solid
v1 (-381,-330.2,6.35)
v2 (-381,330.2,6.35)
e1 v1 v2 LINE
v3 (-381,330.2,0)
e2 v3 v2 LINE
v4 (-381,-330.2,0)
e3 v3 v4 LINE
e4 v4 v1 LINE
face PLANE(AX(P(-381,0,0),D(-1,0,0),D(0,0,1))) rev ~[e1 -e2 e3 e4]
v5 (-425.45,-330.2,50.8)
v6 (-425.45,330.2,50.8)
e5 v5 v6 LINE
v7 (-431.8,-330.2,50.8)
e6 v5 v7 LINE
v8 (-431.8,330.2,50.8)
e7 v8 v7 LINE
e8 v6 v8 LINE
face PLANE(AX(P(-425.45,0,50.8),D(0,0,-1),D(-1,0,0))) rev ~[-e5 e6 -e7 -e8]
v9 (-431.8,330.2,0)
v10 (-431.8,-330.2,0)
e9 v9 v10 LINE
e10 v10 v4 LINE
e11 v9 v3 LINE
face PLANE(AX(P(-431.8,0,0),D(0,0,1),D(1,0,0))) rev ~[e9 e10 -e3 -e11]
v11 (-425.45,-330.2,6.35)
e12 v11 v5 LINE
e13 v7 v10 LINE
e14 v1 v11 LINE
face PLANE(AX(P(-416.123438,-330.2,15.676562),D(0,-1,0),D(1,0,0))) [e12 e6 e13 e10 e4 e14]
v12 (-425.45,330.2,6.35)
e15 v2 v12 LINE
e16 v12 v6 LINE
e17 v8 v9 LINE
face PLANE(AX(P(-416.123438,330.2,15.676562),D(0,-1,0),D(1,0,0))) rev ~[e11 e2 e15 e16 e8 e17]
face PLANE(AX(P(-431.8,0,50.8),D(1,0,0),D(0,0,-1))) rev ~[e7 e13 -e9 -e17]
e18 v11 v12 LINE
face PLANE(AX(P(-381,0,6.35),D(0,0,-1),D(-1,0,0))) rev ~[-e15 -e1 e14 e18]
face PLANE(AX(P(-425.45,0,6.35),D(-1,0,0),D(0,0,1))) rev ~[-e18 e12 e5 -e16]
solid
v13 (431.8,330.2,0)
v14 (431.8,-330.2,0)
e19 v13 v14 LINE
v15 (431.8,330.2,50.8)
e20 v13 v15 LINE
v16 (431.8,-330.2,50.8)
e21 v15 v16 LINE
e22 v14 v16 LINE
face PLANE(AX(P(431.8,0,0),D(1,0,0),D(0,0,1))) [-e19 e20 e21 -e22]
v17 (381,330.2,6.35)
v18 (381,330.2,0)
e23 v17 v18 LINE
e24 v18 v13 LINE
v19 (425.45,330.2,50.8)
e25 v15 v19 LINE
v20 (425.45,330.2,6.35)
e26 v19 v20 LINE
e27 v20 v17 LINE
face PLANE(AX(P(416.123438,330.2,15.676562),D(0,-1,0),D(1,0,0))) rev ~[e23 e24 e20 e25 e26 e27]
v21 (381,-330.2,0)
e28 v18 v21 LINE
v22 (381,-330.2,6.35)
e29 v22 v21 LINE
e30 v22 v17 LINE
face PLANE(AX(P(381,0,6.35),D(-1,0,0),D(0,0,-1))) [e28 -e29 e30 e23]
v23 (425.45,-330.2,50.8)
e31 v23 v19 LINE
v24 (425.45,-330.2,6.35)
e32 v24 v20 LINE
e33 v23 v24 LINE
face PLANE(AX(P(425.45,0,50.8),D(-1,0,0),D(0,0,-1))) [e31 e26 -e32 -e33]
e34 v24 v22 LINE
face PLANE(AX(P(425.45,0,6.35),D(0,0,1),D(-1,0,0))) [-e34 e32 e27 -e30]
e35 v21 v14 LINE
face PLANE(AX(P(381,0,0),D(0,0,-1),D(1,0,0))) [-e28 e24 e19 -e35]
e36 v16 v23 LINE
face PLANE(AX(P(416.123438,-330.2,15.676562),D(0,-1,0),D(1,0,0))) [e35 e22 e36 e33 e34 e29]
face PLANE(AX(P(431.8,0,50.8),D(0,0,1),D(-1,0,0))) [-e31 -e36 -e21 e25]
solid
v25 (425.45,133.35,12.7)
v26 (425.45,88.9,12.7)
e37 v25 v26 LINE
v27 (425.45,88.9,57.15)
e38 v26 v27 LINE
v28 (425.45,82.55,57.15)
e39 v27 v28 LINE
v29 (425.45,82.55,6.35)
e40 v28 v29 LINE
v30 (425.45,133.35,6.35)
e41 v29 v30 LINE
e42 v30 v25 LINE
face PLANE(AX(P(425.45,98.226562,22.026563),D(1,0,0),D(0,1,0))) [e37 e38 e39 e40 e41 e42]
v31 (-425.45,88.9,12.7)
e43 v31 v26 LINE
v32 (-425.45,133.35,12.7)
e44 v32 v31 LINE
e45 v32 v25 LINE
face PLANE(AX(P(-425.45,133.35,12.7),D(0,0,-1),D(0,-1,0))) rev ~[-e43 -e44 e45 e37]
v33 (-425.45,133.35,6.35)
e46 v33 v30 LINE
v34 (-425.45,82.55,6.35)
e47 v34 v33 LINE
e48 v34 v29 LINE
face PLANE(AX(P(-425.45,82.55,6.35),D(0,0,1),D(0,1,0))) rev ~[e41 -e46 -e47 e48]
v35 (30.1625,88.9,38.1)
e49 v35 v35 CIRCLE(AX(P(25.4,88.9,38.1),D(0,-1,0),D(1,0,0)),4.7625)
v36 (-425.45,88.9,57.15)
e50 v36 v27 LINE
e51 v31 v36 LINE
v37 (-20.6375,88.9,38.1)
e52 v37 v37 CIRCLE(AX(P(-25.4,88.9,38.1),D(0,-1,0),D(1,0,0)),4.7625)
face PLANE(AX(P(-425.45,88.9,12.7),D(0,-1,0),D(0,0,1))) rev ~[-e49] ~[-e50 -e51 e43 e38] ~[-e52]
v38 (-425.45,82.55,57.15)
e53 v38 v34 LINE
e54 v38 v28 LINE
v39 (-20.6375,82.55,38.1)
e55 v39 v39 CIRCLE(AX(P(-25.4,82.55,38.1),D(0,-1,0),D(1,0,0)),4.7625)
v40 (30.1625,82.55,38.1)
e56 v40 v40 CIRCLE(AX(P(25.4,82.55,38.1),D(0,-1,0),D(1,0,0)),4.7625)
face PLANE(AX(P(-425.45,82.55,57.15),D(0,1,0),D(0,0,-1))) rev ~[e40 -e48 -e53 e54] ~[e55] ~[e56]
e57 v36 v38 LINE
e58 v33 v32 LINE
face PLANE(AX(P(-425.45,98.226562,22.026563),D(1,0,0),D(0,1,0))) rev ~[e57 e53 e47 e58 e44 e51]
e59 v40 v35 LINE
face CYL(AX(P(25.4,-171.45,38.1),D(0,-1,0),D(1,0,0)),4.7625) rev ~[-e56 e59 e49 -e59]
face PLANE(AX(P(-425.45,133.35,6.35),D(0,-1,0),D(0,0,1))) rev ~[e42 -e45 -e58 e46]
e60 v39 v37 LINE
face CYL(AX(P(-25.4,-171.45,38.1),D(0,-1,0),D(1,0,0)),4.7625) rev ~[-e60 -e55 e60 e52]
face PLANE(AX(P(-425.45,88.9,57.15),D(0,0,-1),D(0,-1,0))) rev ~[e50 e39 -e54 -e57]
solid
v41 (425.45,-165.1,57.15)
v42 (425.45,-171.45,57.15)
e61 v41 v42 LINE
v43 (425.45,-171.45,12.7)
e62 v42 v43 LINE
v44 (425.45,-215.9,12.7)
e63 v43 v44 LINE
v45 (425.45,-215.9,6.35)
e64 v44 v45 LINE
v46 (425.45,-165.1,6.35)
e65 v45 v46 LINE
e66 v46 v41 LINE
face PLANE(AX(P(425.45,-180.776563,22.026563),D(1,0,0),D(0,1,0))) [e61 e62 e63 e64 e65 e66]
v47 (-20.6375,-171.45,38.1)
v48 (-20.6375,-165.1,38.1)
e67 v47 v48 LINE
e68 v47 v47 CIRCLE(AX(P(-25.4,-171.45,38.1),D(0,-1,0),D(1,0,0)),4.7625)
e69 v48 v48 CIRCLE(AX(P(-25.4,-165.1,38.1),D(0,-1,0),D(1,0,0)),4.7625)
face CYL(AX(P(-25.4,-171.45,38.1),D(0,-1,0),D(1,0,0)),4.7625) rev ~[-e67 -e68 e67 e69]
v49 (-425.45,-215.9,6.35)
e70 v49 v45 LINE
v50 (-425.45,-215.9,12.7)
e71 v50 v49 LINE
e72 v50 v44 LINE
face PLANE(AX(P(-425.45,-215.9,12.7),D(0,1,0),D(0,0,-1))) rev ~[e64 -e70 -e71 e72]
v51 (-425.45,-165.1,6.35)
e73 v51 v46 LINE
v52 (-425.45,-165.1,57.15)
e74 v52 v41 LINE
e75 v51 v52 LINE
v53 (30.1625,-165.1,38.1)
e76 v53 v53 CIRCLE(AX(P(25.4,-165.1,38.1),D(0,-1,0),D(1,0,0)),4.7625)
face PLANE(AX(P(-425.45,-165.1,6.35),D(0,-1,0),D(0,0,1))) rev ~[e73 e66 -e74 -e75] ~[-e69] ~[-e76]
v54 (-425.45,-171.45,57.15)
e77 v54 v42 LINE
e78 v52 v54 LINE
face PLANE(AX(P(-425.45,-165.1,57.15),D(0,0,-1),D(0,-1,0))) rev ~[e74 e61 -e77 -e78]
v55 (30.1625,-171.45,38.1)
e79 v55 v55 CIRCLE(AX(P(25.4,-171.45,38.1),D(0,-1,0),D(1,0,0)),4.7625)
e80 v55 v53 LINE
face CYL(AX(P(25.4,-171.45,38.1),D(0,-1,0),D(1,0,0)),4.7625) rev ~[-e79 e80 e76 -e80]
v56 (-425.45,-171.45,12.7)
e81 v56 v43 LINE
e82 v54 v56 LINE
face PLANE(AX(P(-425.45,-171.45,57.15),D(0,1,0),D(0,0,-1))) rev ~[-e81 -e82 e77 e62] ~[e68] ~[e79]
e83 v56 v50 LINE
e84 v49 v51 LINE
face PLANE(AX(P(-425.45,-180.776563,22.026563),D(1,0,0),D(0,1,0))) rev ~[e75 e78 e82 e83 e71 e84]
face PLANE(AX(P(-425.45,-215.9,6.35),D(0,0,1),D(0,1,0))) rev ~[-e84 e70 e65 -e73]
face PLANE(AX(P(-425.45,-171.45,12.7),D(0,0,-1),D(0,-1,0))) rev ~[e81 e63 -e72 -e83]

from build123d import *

# Parameters (mm, degrees)
F1_DEPTH = 330.2
F3_DEPTH = 850.9
F4_R     = 4.7625
F5_DEPTH = 501.651


with BuildPart() as f1:
    # F0 (on Front) → F1 (new body, symmetric)
    with BuildSketch(Plane.XZ):
        Polygon((-425.45, 50.8), (-431.8, 50.8), (-431.8, 0), (-381, 0), (-381, 6.35), (-425.45, 6.35), align=None)
        Polygon((381, 6.35), (381, 0), (431.8, 0), (431.8, 50.8), (425.45, 50.8), (425.45, 6.35), align=None)
    extrude(amount=F1_DEPTH, both=True)


with BuildPart() as f3:
    # F2 (on face) → F3 (new body, through all)
    with BuildSketch(Plane.YZ.offset(-425.45)):
        Polygon((-215.9, 6.35), (-165.1, 6.35), (-165.1, 57.15), (-171.45, 57.15), (-171.45, 12.7), (-215.9, 12.7), align=None)
        Polygon((88.9, 57.15), (82.55, 57.15), (82.55, 6.35), (133.35, 6.35), (133.35, 12.7), (88.9, 12.7), align=None)
    extrude(amount=F3_DEPTH)

    # F4 (on face) → F5 (cut, through all)
    with BuildSketch(Plane.XZ.offset(171.45)):
        with Locations((-25.4, 38.1)):
            Circle(F4_R)
        with Locations((25.4, 38.1)):
            Circle(F4_R)
    extrude(amount=-F5_DEPTH, mode=Mode.SUBTRACT)


solid = Compound([f1.part, f3.part])
